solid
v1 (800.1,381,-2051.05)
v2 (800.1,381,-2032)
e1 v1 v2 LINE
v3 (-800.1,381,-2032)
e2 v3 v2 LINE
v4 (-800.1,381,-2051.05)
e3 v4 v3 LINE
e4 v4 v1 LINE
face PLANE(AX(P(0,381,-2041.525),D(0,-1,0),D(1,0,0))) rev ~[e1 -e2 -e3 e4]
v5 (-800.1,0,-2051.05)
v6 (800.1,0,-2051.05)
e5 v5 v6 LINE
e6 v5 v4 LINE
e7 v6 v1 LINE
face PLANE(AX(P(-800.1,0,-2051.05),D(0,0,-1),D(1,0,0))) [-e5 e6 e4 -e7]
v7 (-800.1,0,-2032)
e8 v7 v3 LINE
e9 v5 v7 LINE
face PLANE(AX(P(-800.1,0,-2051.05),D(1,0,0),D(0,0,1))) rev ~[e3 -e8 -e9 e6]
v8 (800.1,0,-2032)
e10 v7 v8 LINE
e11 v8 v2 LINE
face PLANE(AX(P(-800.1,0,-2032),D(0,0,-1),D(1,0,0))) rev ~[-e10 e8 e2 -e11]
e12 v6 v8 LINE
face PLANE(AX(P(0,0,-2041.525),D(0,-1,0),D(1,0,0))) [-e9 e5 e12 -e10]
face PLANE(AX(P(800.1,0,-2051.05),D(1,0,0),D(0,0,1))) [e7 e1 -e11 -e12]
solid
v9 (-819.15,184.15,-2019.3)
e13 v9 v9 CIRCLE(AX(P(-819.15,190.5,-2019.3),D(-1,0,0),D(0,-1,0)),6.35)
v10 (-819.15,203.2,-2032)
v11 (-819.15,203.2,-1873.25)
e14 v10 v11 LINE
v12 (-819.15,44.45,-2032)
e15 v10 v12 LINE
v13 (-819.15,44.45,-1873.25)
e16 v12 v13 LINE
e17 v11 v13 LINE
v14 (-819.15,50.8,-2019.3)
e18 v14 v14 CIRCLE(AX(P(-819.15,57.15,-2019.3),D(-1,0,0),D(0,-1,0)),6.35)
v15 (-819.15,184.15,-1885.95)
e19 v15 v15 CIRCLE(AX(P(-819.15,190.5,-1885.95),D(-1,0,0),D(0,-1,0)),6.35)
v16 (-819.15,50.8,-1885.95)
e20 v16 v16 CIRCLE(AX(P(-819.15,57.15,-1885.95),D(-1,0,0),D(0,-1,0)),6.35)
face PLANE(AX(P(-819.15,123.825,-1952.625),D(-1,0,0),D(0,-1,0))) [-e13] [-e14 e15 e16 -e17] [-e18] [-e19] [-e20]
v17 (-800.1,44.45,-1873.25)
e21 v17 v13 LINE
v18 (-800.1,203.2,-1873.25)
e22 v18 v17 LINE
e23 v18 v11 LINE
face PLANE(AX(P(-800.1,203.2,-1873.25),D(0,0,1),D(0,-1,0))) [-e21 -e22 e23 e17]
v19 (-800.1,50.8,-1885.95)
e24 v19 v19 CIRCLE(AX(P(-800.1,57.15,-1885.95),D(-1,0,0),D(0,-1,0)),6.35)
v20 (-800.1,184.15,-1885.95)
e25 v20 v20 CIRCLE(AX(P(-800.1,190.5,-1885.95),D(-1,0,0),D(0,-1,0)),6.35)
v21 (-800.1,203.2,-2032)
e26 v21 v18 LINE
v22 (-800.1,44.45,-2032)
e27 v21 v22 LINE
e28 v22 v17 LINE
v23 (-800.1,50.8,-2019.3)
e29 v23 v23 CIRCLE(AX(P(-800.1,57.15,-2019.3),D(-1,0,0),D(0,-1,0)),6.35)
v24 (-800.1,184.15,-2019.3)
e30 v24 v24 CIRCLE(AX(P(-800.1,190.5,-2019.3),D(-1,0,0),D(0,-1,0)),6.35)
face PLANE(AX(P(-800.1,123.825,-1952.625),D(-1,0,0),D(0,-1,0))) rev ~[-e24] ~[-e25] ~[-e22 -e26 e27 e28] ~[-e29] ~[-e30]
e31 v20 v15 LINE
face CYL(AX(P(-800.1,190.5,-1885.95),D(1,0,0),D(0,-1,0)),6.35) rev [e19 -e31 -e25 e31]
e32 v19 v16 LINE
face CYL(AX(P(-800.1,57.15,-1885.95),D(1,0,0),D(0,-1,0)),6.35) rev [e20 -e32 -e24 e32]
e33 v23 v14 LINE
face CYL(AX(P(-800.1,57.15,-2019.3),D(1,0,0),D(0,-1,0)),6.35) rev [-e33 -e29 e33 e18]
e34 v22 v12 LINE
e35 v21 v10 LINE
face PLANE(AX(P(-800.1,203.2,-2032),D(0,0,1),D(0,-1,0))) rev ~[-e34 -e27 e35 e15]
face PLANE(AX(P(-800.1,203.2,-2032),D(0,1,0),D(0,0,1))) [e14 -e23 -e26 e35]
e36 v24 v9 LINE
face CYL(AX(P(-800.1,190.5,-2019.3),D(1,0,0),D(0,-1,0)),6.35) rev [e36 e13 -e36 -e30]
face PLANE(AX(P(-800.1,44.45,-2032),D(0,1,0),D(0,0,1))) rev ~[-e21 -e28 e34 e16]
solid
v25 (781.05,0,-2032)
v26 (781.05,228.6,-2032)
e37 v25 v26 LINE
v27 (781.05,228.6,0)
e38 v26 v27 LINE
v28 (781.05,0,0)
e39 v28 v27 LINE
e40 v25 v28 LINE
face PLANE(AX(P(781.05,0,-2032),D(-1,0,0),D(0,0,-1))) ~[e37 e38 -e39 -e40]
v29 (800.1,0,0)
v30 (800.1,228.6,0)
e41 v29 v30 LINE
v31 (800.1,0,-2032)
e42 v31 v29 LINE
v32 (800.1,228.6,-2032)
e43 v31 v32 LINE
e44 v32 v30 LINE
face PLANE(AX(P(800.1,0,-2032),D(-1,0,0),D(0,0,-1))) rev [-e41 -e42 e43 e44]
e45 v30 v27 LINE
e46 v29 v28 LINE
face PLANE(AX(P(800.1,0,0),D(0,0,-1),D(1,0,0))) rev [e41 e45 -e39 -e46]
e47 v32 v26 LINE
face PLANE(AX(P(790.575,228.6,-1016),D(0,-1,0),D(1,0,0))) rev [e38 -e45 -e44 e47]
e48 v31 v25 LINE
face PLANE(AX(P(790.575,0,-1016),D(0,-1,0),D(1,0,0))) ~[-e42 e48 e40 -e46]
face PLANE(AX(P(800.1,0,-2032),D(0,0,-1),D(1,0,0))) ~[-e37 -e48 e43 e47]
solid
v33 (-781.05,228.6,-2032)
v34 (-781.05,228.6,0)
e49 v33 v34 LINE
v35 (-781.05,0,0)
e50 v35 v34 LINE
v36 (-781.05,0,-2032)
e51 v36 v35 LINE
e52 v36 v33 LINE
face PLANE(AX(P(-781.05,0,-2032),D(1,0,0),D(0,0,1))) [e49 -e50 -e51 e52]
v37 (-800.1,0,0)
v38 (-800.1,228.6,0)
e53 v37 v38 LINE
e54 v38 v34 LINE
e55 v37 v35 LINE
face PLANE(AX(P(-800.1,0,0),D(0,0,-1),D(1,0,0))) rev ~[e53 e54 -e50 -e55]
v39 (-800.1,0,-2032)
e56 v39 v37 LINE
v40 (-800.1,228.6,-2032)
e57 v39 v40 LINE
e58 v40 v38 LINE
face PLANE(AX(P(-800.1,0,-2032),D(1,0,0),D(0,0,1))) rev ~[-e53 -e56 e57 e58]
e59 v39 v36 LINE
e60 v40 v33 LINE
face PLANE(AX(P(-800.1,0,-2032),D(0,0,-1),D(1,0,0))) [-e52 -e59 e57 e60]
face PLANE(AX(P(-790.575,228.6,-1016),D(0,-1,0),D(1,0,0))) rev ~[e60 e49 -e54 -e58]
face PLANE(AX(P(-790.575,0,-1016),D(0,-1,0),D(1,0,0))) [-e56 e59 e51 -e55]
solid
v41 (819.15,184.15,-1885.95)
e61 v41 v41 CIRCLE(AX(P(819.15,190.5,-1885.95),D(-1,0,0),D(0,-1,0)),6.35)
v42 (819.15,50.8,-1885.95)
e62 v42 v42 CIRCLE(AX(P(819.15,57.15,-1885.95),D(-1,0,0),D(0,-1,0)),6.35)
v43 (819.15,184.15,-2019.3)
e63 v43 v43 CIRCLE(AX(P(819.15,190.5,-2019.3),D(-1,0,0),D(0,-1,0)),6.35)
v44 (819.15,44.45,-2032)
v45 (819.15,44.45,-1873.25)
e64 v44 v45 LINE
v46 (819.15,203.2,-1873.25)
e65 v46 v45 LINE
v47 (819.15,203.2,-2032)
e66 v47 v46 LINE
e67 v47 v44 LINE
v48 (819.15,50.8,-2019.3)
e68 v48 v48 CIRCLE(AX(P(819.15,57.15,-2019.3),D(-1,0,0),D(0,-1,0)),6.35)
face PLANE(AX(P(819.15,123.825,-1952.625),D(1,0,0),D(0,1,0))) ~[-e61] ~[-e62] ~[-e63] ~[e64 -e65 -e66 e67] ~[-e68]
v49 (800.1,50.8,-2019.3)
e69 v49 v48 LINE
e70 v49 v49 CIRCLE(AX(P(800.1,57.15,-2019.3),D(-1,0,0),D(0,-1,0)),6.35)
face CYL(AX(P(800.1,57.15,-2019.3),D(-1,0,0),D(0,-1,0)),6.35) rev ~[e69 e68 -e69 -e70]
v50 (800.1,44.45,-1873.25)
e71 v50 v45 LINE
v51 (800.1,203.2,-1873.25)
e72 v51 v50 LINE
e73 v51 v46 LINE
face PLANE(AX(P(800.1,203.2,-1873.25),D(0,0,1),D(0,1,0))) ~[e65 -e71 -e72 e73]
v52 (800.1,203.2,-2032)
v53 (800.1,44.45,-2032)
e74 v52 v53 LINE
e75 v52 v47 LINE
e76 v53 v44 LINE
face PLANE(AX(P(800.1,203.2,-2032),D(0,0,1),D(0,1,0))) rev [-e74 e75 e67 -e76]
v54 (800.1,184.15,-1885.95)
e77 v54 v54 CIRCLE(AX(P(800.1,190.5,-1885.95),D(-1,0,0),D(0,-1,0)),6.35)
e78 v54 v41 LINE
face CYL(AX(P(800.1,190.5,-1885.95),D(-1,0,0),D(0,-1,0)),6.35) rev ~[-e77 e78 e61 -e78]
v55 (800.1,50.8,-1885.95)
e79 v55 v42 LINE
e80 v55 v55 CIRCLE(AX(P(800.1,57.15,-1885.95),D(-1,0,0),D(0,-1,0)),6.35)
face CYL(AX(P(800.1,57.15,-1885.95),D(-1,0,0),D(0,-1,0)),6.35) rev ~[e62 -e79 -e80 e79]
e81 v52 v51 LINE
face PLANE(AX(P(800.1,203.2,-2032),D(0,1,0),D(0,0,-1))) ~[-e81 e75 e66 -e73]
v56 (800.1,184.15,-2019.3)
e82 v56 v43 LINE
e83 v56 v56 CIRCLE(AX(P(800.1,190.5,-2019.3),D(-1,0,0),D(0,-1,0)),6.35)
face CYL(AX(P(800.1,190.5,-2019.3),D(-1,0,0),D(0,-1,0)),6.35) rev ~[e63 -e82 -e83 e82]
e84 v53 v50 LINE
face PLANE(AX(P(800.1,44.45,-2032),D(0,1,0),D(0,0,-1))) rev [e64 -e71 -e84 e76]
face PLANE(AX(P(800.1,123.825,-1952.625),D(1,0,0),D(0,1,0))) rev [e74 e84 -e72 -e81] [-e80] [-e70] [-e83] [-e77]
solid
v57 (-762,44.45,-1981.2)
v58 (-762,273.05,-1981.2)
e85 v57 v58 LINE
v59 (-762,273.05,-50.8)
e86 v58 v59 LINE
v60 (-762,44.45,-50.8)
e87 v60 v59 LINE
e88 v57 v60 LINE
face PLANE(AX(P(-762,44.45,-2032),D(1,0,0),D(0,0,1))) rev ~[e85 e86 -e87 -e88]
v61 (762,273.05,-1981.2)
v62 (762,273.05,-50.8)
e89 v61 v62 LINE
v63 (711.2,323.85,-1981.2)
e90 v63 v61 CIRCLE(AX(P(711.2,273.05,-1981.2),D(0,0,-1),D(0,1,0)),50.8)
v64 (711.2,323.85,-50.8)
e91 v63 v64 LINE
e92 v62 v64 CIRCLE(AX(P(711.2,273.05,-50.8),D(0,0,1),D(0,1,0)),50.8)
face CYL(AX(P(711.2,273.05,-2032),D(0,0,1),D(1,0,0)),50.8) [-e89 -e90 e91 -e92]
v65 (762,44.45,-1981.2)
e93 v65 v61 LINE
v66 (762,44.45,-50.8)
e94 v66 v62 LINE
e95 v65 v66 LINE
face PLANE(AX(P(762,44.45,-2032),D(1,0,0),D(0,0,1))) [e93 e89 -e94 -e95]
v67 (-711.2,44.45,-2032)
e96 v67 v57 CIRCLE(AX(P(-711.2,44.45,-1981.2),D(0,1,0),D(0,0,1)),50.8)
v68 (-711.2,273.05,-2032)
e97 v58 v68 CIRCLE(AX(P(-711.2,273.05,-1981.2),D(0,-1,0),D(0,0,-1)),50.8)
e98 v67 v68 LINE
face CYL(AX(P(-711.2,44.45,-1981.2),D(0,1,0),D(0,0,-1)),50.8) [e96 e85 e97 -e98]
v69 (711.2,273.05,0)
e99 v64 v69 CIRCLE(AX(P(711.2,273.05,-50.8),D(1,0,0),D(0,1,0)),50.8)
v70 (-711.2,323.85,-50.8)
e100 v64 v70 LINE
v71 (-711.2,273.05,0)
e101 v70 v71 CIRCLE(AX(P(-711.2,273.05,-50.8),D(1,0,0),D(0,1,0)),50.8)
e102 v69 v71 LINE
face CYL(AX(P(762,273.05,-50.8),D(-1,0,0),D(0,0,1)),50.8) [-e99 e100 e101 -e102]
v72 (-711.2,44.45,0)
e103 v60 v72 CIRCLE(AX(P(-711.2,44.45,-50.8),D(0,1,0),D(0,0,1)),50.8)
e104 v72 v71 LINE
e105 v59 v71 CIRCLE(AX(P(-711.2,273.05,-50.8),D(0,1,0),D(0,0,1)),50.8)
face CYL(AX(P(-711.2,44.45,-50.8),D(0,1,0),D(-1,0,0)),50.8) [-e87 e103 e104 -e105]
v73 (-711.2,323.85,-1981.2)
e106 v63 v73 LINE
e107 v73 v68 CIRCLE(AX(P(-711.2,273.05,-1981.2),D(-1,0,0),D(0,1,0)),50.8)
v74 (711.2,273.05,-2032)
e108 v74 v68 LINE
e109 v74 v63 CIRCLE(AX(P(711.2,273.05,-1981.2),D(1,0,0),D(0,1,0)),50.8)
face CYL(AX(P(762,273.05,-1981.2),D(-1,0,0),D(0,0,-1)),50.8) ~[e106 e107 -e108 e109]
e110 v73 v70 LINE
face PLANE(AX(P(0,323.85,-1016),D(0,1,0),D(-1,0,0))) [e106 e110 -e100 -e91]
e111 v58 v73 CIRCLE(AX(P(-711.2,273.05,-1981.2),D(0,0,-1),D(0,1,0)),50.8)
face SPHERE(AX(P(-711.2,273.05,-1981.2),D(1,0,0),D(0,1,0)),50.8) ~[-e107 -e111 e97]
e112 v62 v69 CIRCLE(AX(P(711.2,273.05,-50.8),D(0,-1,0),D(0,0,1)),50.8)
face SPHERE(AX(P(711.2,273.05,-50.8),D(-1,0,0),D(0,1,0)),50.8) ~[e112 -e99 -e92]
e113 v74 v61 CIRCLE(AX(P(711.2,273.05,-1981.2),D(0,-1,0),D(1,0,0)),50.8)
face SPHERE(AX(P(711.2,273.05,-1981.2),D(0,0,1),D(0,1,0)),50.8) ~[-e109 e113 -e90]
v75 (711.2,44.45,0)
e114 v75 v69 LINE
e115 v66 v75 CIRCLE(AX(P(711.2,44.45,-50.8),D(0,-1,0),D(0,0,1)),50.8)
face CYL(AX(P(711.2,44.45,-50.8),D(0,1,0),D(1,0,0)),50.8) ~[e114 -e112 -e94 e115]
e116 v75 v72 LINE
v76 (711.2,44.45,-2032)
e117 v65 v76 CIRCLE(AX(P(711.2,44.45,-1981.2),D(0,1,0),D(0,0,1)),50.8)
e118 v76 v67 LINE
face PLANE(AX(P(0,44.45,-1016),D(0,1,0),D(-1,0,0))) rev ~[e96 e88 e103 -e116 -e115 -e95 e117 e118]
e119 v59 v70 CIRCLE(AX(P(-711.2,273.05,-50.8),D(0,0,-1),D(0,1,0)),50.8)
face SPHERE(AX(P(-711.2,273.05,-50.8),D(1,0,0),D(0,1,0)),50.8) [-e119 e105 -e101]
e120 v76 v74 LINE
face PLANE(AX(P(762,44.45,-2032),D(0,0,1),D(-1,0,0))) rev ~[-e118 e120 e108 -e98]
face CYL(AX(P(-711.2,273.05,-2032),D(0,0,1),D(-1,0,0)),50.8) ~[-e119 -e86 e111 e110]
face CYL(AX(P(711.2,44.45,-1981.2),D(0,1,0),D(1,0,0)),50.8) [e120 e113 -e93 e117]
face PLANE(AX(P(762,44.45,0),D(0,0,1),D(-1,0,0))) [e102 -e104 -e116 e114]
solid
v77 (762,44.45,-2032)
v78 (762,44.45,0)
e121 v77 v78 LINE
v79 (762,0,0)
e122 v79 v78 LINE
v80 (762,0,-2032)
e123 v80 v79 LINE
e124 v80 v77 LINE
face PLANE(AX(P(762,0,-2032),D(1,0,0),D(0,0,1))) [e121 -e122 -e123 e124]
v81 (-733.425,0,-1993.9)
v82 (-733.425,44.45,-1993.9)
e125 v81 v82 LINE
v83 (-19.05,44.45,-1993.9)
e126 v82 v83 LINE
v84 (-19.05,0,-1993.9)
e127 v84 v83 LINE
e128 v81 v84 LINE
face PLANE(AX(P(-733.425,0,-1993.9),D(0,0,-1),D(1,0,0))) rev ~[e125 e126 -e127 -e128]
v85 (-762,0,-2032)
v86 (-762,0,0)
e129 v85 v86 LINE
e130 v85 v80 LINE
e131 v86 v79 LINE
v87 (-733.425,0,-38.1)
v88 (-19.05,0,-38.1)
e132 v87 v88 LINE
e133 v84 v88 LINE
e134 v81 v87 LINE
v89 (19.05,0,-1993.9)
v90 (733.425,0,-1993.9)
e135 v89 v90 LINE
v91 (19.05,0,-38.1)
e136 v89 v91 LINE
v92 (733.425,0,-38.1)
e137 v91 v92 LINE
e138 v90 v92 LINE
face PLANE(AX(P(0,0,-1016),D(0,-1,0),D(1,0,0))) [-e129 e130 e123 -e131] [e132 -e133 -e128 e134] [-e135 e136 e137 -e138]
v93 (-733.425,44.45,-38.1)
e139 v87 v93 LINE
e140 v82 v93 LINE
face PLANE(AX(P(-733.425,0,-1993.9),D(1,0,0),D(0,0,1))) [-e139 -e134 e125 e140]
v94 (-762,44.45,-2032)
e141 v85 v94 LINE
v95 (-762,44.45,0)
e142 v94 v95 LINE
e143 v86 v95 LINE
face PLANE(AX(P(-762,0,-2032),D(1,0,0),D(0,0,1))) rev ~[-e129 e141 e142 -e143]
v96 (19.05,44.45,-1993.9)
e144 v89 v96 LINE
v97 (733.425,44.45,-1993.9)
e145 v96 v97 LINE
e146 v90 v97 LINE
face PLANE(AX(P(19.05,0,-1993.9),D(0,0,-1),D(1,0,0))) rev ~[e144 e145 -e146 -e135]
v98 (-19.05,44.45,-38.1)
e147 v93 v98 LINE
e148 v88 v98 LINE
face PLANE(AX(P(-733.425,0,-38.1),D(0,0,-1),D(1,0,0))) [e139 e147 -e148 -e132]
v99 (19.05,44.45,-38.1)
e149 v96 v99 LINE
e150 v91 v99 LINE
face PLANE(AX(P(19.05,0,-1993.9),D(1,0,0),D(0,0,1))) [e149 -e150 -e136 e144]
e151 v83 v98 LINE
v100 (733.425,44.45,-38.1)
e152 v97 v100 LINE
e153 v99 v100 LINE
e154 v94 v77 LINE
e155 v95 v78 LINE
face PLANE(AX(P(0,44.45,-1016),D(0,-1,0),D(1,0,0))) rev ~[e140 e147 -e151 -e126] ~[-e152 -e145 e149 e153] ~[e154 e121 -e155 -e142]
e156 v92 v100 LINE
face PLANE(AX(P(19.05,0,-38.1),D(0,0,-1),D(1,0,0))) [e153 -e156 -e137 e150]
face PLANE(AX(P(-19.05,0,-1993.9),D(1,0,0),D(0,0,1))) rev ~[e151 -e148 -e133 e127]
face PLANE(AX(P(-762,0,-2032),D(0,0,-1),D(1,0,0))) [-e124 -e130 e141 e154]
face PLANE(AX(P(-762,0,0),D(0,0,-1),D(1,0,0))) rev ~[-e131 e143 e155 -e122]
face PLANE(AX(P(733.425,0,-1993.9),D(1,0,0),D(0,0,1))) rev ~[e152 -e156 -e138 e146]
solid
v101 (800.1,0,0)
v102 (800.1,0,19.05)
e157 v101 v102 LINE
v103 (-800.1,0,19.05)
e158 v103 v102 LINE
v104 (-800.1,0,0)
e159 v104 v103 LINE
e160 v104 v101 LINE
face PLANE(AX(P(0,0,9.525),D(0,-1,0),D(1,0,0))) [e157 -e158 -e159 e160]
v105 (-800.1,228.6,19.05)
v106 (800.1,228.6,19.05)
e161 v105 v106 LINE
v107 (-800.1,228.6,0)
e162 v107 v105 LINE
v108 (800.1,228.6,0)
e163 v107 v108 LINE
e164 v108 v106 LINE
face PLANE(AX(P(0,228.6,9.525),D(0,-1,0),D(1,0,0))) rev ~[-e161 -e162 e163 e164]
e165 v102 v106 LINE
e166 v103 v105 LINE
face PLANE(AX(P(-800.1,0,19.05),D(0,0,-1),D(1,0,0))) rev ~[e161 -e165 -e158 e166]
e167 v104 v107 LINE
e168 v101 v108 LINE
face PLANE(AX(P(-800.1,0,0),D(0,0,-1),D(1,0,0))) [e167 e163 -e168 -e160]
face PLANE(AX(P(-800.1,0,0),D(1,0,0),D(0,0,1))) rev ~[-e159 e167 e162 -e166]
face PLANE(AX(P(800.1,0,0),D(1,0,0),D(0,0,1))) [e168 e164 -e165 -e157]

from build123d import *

# Parameters (mm, degrees)
F0_W      = 1524
F0_H      = 2032
F0_W_2    = 714.375
F0_H_2    = 1955.8
F1_DEPTH  = 44.45
F2_W      = 1524
F2_H      = 2032
F3_DEPTH  = 279.4
F4_R      = 50.8
F5_W      = 1600.2
F5_H      = 19.05
F6_DEPTH  = 381
F7_W      = 19.05
F7_H      = 2032
F8_DEPTH  = 228.6
F11_W     = 1600.2
F11_H     = 19.05
F12_DEPTH = 228.6
F13_W     = 158.75
F13_H     = 158.75
F13_R     = 6.35
F14_DEPTH = 19.05


with BuildPart() as f1:
    # F0 (on Front) → F1 (new body)
    with BuildSketch(Plane.XZ):
        with Locations((0, -1016)):
            Rectangle(F0_W, F0_H)
        with Locations((-376.2375, -1016)):
            Rectangle(F0_W_2, F0_H_2, mode=Mode.SUBTRACT)
        with Locations((376.2375, -1016)):
            Rectangle(F0_W_2, F0_H_2, mode=Mode.SUBTRACT)
    extrude(amount=-F1_DEPTH)


with BuildPart() as f3:
    # F2 (on face) → F3 (new body)
    with BuildSketch(Plane(origin=(0, 44.45, 0), x_dir=(-1, 0, 0), z_dir=(0, 1, 0))):
        with Locations((0, -1016)):
            Rectangle(F2_W, F2_H)
    extrude(amount=F3_DEPTH)

    # F4
    f4_edges = [f3.edges().sort_by_distance(p)[0] for p in [
        (0, 323.85, 0),
        (762, 323.85, -1016),
        (0, 323.85, -2032),
        (-762, 323.85, -1016),
        (-762, 184.15, -2032),
        (762, 184.15, -2032),
        (762, 184.15, 0),
        (-762, 184.15, 0),
    ]]
    fillet(f4_edges, radius=F4_R)


with BuildPart() as f6:
    # F5 (on face) → F6 (new body)
    with BuildSketch(Plane.XZ):
        with Locations((0, -2041.525)):
            Rectangle(F5_W, F5_H)
    extrude(amount=-F6_DEPTH)


with BuildPart() as f8:
    # F7 (on face) → F8 (new body)
    with BuildSketch(Plane.XZ):
        with Locations((-790.575, -1016)):
            Rectangle(F7_W, F7_H)
    extrude(amount=-F8_DEPTH)


with BuildPart() as f9_1:
    # F9: instance of F8
    add(f8.part.mirror(Plane.YZ))


with BuildPart() as f12:
    # F11 (on face) → F12 (new body, through all)
    with BuildSketch(Plane.XZ):
        with Locations((0, 9.525)):
            Rectangle(F11_W, F11_H)
    extrude(amount=-F12_DEPTH)


with BuildPart() as f14:
    # F13 (on face) → F14 (new body)
    with BuildSketch(Plane(origin=(-800.1, 0, 0), x_dir=(0, -1, 0), z_dir=(-1, 0, 0))):
        with Locations((-123.825, -1952.625)):
            Rectangle(F13_W, F13_H)
        with Locations((-190.5, -2019.3)):
            Circle(F13_R, mode=Mode.SUBTRACT)
        with Locations((-57.15, -2019.3)):
            Circle(F13_R, mode=Mode.SUBTRACT)
        with Locations((-190.5, -1885.95)):
            Circle(F13_R, mode=Mode.SUBTRACT)
        with Locations((-57.15, -1885.95)):
            Circle(F13_R, mode=Mode.SUBTRACT)
    extrude(amount=F14_DEPTH)


with BuildPart() as f15_1:
    # F15: instance of F14
    add(f14.part.mirror(Plane.YZ))


solid = Compound([f1.part, f3.part, f6.part, f8.part, f9_1.part, f12.part, f14.part, f15_1.part])
